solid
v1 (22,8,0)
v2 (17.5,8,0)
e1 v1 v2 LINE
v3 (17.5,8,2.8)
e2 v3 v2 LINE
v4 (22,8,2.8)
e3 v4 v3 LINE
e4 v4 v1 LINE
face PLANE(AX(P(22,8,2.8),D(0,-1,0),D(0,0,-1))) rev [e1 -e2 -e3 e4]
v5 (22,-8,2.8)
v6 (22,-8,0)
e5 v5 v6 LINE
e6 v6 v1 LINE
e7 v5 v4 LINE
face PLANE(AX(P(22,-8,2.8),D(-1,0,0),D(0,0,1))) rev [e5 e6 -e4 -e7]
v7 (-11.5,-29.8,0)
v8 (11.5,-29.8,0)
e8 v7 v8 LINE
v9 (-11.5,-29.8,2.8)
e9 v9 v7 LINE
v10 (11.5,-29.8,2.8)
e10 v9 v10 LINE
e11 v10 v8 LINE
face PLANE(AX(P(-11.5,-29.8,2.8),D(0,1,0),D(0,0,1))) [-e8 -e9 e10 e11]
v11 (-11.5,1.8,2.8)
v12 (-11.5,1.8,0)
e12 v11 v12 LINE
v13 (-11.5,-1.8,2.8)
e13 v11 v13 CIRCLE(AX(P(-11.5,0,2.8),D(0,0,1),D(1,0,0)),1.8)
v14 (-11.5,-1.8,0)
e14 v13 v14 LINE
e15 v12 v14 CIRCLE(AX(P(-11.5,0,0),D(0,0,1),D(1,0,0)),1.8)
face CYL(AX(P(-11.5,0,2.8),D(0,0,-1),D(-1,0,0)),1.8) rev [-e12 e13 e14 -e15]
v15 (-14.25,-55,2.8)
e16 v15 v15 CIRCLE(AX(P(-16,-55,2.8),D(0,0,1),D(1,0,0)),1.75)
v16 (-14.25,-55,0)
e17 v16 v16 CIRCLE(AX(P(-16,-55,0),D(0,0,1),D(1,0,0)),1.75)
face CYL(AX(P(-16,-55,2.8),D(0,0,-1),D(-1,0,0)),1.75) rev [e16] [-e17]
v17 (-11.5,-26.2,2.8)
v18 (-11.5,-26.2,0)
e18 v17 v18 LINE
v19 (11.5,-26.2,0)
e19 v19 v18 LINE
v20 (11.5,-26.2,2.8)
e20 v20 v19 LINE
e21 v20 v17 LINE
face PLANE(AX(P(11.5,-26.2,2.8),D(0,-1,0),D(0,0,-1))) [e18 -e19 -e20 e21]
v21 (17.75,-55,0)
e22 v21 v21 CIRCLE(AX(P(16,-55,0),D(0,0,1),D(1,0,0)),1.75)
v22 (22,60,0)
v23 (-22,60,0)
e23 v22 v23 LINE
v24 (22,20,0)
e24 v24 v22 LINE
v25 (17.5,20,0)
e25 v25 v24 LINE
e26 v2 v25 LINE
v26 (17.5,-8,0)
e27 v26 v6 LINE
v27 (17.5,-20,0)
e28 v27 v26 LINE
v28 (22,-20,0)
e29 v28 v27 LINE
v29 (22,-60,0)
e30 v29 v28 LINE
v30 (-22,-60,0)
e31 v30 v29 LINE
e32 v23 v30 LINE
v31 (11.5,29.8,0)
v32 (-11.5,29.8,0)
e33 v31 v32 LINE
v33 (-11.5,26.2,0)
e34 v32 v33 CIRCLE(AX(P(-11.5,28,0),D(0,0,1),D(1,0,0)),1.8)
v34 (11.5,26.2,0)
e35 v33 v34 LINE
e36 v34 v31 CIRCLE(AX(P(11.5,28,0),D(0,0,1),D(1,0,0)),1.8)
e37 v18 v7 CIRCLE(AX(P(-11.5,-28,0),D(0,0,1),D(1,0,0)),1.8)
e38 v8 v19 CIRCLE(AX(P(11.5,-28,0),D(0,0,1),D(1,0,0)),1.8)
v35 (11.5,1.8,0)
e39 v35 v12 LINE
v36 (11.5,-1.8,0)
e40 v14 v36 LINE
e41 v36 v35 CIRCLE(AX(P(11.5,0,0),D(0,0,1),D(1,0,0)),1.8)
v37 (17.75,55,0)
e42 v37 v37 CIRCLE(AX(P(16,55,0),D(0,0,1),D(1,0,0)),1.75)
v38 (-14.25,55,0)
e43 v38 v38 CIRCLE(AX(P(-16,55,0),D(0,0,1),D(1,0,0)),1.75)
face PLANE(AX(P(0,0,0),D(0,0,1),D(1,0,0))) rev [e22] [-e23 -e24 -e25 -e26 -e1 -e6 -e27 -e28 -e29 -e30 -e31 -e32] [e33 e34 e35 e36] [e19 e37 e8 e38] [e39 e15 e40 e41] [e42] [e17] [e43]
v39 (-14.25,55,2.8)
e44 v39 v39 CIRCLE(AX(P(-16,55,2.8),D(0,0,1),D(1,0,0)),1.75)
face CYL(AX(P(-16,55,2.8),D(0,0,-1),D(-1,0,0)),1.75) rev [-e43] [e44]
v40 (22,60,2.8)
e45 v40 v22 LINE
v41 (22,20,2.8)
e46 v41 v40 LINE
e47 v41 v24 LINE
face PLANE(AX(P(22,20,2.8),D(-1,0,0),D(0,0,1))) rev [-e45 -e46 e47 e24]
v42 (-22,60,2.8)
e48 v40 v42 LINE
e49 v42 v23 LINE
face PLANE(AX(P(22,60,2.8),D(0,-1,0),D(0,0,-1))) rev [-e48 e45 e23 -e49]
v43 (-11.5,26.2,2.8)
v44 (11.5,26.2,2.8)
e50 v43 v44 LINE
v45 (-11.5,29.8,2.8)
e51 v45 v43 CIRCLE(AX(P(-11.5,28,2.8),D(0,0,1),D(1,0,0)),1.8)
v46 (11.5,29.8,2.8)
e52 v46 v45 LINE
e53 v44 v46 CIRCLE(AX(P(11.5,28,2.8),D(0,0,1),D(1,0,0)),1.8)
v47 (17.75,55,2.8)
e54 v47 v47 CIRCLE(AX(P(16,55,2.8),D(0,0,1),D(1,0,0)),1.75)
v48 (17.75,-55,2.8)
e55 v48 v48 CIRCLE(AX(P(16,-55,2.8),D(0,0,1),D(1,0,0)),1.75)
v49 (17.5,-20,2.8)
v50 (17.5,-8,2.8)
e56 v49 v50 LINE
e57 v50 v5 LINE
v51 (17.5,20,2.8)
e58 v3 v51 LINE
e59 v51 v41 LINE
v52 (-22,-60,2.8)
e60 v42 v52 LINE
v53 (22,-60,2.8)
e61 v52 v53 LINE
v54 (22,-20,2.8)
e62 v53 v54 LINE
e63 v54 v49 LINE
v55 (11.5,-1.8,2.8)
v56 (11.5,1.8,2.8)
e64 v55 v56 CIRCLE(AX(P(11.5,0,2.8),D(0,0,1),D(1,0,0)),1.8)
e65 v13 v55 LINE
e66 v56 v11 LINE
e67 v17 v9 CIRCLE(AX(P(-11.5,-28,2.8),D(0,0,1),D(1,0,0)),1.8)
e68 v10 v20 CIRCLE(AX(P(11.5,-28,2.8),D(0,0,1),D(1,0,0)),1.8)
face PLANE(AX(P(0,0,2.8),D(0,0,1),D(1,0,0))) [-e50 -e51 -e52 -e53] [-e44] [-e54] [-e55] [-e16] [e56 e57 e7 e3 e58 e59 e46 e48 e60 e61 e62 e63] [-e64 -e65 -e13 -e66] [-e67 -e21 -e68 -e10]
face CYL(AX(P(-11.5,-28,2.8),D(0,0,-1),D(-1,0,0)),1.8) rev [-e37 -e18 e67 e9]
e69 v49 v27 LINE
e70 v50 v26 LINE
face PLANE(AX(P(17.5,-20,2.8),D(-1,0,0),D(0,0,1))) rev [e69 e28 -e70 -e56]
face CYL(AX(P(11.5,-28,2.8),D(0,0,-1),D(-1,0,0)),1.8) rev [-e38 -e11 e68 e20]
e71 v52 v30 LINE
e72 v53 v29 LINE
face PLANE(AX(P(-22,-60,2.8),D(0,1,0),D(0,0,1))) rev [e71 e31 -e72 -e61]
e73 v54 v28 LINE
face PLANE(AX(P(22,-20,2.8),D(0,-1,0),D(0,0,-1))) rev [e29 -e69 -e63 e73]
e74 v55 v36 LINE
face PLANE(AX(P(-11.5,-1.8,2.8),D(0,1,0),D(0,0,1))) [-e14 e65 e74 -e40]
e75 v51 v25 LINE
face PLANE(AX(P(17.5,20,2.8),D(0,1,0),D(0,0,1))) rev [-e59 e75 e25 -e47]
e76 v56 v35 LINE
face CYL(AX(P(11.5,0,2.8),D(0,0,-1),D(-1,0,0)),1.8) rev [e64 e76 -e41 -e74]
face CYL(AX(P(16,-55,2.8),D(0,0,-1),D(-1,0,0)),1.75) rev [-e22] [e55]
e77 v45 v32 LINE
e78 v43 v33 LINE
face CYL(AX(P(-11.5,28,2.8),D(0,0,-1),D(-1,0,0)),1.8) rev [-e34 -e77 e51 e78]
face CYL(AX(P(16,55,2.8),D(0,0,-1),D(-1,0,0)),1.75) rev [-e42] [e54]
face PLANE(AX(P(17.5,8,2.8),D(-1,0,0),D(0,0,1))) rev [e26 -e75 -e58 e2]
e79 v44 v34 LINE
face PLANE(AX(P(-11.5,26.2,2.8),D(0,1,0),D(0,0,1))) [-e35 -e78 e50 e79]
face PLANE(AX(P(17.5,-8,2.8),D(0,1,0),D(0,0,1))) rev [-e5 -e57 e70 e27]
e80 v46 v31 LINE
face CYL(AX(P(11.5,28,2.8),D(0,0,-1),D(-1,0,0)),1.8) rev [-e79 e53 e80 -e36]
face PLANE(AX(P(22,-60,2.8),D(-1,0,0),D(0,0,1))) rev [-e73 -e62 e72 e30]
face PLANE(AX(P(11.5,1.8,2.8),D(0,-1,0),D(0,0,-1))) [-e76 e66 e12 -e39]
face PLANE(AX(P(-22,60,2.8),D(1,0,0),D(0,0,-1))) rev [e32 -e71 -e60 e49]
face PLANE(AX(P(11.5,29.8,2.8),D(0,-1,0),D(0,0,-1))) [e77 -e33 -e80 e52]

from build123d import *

# Parameters (mm, degrees)
COVER_WITH_CLAMP_HARDWARE_CLEARANCES_PRO_R = 1.75
COVER_WITH_CLAMP_HARDWARE_CLEARANCES_DEPTH = 2.8


with BuildPart() as part:
    # Cover with clamp hardware clearances profile → Cover with clamp hardware clearances (new body)
    with BuildSketch(Plane.XY):
        Polygon((-22, -60), (22, -60), (22, -20), (17.5, -20), (17.5, -8), (22, -8), (22, 8), (17.5, 8), (17.5, 20), (22, 20), (22, 60), (-22, 60), align=None)
        with Locations((-16, -55)):
            Circle(COVER_WITH_CLAMP_HARDWARE_CLEARANCES_PRO_R, mode=Mode.SUBTRACT)
        with Locations((-16, 55)):
            Circle(COVER_WITH_CLAMP_HARDWARE_CLEARANCES_PRO_R, mode=Mode.SUBTRACT)
        with Locations((16, -55)):
            Circle(COVER_WITH_CLAMP_HARDWARE_CLEARANCES_PRO_R, mode=Mode.SUBTRACT)
        with Locations((16, 55)):
            Circle(COVER_WITH_CLAMP_HARDWARE_CLEARANCES_PRO_R, mode=Mode.SUBTRACT)
        with BuildLine():
            Line((-11.5, -29.8), (11.5, -29.8))
            ThreePointArc((11.5, -29.8), (13.3, -28), (11.5, -26.2))
            Line((11.5, -26.2), (-11.5, -26.2))
            ThreePointArc((-11.5, -26.2), (-13.3, -28), (-11.5, -29.8))
        make_face(mode=Mode.SUBTRACT)
        with BuildLine():
            Line((-11.5, -1.8), (11.5, -1.8))
            ThreePointArc((11.5, -1.8), (13.3, 0), (11.5, 1.8))
            Line((11.5, 1.8), (-11.5, 1.8))
            ThreePointArc((-11.5, 1.8), (-13.3, 0), (-11.5, -1.8))
        make_face(mode=Mode.SUBTRACT)
        with BuildLine():
            Line((-11.5, 26.2), (11.5, 26.2))
            ThreePointArc((11.5, 26.2), (13.3, 28), (11.5, 29.8))
            Line((11.5, 29.8), (-11.5, 29.8))
            ThreePointArc((-11.5, 29.8), (-13.3, 28), (-11.5, 26.2))
        make_face(mode=Mode.SUBTRACT)
    extrude(amount=COVER_WITH_CLAMP_HARDWARE_CLEARANCES_DEPTH)


solid = part.part
